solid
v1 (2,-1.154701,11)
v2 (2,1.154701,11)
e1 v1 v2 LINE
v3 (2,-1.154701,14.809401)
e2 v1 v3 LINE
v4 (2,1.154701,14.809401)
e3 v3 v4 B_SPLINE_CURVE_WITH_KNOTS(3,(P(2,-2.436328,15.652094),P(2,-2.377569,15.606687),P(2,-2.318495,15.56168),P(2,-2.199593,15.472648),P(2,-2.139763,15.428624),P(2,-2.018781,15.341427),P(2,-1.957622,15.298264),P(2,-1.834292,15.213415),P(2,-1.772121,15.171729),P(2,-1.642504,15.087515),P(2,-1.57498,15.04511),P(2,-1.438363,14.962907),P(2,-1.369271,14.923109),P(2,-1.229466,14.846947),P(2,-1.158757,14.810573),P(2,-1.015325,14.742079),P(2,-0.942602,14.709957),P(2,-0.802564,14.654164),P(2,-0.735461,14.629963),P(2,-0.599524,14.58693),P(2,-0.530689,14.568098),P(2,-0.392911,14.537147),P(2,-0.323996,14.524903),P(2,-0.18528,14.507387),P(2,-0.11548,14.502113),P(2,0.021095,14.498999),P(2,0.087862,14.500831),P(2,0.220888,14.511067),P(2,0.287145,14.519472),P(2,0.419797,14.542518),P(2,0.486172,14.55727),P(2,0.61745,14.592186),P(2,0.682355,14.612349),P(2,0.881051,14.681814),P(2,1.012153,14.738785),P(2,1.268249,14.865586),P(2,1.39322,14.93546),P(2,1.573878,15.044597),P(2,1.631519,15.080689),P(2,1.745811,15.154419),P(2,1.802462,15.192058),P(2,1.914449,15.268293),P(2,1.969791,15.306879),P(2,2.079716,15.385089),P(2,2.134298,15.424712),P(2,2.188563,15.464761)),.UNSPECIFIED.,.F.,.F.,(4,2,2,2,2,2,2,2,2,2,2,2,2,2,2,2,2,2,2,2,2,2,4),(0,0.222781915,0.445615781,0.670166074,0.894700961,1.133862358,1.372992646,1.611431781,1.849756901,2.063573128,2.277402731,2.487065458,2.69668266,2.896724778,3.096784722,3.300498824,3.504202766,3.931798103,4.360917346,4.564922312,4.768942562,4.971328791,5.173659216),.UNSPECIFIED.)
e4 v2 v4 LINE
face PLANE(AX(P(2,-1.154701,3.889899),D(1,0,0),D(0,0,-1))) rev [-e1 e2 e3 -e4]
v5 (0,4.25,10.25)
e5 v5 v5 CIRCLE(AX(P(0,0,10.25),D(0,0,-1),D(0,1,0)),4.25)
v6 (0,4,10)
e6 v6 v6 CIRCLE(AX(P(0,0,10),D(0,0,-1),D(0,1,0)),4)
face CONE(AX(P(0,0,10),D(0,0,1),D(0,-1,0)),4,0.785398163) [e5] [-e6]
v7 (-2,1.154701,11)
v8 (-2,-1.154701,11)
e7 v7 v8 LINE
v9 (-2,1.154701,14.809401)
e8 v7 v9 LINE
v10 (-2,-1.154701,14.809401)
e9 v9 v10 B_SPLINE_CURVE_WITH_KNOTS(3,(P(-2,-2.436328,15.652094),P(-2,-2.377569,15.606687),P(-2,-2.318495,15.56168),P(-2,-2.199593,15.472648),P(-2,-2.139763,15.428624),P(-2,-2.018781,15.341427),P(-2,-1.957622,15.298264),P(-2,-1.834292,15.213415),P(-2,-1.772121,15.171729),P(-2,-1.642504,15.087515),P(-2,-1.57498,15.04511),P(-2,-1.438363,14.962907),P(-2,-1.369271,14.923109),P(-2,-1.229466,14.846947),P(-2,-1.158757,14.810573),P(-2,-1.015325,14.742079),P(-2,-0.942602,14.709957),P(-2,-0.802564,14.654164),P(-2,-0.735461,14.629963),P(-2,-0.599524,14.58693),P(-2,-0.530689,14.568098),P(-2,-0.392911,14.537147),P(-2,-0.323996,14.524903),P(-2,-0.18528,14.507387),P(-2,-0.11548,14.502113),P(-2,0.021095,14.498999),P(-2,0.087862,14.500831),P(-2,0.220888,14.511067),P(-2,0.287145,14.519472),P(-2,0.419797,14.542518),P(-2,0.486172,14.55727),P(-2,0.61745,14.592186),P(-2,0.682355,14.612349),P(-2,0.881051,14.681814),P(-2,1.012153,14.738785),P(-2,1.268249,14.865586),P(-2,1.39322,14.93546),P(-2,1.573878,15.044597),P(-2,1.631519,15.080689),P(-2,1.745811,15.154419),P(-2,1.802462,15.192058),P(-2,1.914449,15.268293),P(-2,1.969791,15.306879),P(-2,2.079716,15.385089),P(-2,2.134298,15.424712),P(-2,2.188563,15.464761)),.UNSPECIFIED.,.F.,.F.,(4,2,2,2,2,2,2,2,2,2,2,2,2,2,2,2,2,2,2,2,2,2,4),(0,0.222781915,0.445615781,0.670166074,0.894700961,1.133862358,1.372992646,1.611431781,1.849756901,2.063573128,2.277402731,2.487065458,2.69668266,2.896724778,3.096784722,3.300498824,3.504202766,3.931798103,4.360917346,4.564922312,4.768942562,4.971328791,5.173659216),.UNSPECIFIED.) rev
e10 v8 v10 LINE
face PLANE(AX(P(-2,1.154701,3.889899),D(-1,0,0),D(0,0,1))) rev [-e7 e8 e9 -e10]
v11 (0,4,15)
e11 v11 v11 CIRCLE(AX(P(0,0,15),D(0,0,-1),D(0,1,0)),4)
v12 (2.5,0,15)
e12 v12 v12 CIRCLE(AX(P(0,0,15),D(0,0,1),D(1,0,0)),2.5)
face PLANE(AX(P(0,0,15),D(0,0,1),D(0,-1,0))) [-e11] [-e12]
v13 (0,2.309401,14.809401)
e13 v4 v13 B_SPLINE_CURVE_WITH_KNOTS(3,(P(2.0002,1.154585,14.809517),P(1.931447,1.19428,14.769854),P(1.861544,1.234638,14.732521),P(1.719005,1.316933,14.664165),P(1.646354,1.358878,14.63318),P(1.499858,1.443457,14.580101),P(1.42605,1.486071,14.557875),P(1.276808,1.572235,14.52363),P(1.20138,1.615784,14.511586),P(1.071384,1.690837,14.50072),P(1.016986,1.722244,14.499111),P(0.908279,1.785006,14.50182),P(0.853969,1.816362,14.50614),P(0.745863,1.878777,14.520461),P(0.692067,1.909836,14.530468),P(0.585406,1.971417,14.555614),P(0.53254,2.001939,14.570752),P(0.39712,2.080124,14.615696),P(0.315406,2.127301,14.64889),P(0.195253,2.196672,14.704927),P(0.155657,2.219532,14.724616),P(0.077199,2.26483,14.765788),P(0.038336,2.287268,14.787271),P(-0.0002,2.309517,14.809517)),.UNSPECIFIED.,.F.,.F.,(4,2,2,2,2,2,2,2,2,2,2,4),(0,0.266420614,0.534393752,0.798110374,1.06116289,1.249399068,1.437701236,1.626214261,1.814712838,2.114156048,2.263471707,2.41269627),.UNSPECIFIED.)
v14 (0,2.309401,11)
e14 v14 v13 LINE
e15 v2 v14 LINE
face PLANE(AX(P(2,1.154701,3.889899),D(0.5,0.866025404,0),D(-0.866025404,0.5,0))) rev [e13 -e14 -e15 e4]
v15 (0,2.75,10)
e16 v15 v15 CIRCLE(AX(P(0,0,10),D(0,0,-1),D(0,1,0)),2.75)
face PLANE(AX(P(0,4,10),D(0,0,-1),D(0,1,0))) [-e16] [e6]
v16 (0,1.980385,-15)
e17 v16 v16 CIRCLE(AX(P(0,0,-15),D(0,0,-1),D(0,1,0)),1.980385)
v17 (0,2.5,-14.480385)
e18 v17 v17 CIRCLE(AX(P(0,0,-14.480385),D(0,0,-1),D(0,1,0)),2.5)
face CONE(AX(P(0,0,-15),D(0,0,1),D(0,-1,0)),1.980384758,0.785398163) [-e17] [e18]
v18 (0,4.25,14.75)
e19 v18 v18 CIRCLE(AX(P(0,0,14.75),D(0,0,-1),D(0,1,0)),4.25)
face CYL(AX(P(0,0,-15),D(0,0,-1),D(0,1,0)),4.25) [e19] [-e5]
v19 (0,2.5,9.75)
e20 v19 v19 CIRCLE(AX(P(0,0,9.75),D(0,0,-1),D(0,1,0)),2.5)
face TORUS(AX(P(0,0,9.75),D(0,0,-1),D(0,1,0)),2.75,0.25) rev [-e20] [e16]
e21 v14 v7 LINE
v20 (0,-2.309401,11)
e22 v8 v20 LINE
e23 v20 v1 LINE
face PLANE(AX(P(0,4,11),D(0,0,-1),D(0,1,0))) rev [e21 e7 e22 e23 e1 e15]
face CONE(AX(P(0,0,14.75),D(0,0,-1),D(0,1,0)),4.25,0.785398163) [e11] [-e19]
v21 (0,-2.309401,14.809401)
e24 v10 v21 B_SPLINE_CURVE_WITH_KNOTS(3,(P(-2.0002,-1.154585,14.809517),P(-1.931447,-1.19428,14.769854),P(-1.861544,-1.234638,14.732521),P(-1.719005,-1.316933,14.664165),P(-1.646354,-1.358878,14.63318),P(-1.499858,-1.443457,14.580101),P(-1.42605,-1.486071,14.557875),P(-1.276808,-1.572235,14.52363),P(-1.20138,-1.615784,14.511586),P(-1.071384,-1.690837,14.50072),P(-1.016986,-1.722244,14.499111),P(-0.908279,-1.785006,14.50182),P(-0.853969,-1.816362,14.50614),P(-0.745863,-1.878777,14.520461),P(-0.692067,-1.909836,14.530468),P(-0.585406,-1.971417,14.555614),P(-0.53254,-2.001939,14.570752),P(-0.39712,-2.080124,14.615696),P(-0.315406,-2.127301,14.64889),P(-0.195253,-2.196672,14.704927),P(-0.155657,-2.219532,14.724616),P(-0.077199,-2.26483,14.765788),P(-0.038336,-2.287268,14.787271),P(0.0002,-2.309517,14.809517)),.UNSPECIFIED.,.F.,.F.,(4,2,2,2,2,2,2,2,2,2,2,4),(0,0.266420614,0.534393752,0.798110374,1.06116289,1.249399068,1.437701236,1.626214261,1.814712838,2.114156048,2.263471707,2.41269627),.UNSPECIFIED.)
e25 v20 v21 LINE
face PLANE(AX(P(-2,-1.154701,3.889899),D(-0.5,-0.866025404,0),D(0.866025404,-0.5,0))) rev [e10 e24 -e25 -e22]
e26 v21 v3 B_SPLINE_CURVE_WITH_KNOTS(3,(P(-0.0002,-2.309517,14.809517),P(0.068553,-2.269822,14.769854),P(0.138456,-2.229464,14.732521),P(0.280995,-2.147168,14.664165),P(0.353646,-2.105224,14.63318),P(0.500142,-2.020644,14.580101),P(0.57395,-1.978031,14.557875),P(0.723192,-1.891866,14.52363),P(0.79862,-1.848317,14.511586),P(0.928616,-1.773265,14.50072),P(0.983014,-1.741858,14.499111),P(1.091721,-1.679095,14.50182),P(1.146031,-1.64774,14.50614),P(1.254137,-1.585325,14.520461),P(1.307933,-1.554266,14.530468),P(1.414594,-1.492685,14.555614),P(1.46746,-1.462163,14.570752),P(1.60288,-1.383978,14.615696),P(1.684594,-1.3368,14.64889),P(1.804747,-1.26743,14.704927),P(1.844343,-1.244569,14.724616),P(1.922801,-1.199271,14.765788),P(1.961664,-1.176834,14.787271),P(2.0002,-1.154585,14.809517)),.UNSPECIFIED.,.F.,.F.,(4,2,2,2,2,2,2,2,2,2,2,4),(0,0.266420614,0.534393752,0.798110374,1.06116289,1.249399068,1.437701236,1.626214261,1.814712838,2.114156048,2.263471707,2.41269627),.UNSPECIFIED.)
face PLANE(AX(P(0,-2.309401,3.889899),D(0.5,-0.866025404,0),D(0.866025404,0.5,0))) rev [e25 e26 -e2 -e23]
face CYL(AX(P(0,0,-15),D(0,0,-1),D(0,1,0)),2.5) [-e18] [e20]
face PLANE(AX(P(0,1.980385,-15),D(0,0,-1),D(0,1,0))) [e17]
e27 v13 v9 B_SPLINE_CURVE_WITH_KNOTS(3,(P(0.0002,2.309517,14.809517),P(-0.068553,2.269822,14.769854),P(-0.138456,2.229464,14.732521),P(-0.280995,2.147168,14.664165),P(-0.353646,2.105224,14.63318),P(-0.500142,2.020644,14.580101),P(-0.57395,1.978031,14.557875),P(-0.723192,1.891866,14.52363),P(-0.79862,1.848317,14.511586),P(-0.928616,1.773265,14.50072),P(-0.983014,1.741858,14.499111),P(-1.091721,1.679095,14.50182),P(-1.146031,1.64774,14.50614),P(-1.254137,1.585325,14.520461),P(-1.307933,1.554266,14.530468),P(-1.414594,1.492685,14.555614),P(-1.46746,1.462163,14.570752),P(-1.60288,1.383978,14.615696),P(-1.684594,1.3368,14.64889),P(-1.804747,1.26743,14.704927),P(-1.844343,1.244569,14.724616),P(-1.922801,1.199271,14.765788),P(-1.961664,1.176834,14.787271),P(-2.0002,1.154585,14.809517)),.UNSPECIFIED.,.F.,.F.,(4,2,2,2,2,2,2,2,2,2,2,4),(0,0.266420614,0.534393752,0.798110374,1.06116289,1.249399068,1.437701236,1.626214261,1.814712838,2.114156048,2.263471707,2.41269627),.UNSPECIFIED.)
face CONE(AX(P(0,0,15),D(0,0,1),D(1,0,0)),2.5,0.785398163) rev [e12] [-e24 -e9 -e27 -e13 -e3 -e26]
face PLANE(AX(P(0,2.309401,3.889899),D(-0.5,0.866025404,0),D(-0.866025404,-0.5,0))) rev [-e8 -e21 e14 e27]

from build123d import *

# Parameters (mm, degrees)
CUT_EXTRUDE1_DEPTH = 4


with BuildPart() as part:
    # Sketch2 → Revolve1 (revolve)
    with BuildSketch(Plane(origin=(0, 0, 0), x_dir=(0, 0, -1), z_dir=(1, 0, 0))):
        with BuildLine():
            Line((-15, 0), (-15, 4))
            Line((-15, 4), (-14.75, 4.25))
            Line((-14.75, 4.25), (-10.25, 4.25))
            Line((-10.25, 4.25), (-10, 4))
            Line((-10, 4), (-10, 2.75))
            ThreePointArc((-10, 2.75), (-9.926776695, 2.573223305), (-9.75, 2.5))
            Line((-9.75, 2.5), (14.480384758, 2.5))
            Line((14.480384758, 2.5), (15, 1.980384758))
            Line((15, 1.980384758), (15, 0))
            Line((15, 0), (-15, 0))
        make_face()
    revolve(axis=Axis((0, 0, -15), (0, 0, 1)))

    # Sketch3 → Cut-Extrude1 (cut)
    with BuildSketch(Plane.XY.offset(15)):
        Polygon((2, -1.154700538), (2, 1.154700538), (0, 2.309401077), (-2, 1.154700538), (-2, -1.154700538), (0, -2.309401077), align=None)
    extrude(amount=-CUT_EXTRUDE1_DEPTH, mode=Mode.SUBTRACT)

    # Cut-Extrude2 cone 1 section (through the dimple's axis) → Cut-Extrude2 (revolve, cut)
    with BuildSketch(Plane(origin=(0, 0, 15), x_dir=(0, -1, 0), z_dir=(1, 0, 0))):
        Polygon((0, 0), (2.5, 0), (0, 2.5), align=None)
    revolve(axis=Axis((0, 0, 15), (0, 0, -1)), mode=Mode.SUBTRACT)


solid = part.part
